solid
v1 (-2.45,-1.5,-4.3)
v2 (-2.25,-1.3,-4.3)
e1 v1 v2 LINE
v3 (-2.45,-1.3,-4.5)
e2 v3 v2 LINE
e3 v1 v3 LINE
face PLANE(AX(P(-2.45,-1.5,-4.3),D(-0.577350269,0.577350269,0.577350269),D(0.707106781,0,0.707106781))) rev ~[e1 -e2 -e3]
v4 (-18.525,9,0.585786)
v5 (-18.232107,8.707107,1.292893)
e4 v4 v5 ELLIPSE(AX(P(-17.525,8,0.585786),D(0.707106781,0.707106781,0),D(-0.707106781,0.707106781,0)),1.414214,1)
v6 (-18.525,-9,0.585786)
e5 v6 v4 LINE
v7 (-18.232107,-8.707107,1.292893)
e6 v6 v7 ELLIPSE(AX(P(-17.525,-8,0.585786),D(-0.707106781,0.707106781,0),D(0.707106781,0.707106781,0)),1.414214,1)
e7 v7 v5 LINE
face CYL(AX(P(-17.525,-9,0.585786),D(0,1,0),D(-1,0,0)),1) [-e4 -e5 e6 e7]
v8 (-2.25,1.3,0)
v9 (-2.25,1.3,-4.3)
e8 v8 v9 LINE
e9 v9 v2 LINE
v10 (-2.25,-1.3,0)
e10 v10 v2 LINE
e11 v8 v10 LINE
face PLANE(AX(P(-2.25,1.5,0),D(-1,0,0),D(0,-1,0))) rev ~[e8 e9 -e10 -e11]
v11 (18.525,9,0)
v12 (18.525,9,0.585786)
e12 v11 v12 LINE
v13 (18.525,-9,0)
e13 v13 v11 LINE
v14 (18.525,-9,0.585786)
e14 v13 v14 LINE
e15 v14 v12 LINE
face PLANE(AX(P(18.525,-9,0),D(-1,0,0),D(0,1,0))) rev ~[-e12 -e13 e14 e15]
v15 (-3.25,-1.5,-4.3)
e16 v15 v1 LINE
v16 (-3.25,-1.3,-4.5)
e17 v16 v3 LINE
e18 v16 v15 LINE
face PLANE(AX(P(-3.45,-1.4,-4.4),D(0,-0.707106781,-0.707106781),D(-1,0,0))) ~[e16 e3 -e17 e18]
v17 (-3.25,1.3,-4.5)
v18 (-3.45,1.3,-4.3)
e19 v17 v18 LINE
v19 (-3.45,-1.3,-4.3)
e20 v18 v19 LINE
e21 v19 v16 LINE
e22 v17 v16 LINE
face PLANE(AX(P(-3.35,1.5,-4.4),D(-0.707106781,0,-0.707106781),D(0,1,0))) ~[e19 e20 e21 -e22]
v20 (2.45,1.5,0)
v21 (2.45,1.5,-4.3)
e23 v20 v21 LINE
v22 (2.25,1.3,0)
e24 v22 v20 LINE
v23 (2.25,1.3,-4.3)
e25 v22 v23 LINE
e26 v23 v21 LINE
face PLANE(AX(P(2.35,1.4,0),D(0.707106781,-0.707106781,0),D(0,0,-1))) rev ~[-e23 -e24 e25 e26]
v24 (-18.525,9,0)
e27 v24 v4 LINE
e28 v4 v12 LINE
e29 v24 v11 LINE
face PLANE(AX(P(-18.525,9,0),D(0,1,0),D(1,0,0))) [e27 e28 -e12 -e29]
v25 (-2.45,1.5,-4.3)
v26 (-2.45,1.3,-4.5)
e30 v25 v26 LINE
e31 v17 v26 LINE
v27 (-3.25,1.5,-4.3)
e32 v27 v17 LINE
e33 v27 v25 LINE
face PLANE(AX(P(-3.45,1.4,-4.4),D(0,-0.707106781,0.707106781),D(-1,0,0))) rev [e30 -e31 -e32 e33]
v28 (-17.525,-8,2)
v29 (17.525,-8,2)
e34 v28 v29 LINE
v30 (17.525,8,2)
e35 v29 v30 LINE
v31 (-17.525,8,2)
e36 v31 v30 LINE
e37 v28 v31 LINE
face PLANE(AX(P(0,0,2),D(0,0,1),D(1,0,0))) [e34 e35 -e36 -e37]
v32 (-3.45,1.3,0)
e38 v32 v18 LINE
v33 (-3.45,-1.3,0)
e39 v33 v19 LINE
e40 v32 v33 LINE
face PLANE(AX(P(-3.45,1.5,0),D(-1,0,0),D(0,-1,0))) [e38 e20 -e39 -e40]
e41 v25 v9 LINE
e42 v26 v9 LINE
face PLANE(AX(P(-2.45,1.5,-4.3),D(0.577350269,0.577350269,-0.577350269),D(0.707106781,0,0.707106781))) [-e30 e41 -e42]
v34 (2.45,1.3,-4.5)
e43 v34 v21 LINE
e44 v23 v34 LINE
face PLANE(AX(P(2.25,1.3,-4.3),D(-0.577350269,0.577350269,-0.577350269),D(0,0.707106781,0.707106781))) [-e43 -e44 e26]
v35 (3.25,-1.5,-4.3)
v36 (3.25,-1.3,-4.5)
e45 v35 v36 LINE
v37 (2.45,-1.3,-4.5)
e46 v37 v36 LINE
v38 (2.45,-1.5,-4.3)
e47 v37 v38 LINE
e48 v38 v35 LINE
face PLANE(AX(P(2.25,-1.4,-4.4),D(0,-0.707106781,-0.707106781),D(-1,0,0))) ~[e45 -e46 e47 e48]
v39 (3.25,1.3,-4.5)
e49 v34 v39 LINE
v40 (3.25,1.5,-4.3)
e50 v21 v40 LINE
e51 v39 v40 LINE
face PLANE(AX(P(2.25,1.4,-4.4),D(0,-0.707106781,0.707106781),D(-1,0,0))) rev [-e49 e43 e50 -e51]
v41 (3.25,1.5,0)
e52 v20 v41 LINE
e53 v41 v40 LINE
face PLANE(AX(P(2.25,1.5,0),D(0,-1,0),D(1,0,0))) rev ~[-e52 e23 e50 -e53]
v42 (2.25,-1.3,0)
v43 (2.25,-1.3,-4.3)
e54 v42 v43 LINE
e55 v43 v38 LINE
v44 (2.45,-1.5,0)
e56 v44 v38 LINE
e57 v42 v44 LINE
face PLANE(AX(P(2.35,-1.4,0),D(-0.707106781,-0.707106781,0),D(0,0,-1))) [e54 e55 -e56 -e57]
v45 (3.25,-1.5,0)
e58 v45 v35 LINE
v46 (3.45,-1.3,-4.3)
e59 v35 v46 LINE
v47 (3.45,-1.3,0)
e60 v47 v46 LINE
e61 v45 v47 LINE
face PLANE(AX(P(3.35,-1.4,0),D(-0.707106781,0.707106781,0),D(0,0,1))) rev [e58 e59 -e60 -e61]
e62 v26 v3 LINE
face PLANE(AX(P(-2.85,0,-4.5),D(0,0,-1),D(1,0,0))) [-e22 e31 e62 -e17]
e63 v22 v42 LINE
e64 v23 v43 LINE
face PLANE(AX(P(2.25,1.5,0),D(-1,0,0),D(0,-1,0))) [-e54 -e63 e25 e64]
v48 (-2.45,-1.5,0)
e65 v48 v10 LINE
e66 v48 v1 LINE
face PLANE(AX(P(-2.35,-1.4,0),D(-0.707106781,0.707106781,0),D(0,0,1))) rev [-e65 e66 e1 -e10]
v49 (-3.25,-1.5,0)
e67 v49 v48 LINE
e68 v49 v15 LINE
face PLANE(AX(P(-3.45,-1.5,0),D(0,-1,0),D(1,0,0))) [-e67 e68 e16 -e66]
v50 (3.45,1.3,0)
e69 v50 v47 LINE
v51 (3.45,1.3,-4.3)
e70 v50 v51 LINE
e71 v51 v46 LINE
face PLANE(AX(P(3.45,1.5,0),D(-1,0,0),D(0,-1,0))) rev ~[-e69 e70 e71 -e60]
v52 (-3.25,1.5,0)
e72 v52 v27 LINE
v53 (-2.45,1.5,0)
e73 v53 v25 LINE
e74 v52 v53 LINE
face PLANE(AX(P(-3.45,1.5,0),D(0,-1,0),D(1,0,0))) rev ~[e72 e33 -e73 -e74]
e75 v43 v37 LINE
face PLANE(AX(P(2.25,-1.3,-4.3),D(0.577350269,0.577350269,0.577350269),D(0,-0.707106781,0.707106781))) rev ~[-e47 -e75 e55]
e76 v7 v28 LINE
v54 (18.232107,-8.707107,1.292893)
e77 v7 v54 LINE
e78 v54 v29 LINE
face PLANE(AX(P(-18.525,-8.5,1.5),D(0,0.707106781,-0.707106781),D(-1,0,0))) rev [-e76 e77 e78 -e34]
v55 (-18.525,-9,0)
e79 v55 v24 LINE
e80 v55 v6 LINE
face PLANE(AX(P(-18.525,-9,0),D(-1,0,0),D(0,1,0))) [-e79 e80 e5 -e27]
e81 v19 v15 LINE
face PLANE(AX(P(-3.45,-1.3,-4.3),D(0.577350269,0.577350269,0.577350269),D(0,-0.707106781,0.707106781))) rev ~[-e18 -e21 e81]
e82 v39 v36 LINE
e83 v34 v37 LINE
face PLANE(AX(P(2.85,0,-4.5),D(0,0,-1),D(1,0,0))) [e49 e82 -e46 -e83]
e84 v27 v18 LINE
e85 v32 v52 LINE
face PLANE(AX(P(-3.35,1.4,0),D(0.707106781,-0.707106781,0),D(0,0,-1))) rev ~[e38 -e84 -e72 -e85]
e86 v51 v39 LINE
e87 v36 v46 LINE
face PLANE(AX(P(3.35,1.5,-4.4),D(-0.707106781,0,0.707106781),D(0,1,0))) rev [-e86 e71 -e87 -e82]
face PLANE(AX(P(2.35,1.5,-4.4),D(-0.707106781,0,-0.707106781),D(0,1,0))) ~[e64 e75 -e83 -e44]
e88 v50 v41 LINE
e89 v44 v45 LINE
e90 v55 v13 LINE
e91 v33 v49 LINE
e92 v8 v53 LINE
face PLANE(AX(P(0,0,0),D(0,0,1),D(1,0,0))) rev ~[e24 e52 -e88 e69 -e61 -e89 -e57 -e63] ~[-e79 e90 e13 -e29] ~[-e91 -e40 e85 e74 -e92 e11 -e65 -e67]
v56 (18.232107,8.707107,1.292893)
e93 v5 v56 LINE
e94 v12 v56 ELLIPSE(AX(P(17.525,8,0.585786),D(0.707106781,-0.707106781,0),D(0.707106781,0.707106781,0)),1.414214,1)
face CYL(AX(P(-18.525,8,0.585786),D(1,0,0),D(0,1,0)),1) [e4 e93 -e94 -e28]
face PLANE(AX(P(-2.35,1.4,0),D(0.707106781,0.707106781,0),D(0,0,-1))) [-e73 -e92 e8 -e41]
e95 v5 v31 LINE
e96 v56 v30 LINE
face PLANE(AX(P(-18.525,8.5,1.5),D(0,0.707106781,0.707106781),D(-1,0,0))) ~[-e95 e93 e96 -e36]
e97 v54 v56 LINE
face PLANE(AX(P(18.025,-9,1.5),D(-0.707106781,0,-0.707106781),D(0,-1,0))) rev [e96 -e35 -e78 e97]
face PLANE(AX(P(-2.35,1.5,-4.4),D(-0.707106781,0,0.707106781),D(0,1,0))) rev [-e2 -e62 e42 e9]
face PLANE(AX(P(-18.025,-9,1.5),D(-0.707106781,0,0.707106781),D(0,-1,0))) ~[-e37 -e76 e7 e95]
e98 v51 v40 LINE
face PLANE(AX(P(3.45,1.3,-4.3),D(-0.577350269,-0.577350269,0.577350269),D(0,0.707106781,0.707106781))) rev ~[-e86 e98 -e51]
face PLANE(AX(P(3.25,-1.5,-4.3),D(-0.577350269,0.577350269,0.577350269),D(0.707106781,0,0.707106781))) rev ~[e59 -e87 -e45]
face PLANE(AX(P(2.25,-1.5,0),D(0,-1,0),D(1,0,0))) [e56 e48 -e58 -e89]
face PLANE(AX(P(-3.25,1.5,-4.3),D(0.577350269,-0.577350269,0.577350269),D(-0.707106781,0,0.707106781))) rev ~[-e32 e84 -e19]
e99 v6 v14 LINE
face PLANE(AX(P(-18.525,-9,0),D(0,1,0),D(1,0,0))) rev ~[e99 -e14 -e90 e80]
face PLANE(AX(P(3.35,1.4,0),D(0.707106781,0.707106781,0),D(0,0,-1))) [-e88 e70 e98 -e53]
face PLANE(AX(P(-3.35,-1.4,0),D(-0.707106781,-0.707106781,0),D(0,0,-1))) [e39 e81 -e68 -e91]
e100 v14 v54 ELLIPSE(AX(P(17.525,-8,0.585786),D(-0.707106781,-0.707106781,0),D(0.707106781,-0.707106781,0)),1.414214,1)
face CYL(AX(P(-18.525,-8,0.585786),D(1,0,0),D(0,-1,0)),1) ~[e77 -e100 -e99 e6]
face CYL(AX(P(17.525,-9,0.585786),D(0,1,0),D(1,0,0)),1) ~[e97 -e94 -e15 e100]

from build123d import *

# Parameters (mm, degrees)
SKETCH_W        = 37.05
SKETCH_H        = 18
PAD_DEPTH       = 2
CHAMFER_SIZE    = 1
FILLET_R        = 1
SKETCH001_W     = 1.2
SKETCH001_H     = 3
PAD001_DEPTH    = 4.5
CHAMFER001_SIZE = 0.2


with BuildPart() as part:
    # Sketch → Pad (new body)
    with BuildSketch(Plane.XY):
        Rectangle(SKETCH_W, SKETCH_H)
    extrude(amount=PAD_DEPTH)

    # Chamfer
    chamfer_edges = [part.edges().sort_by_distance(p)[0] for p in [
        (-18.525, 0, 2),
        (0, 9, 2),
        (18.525, 0, 2),
        (0, -9, 2),
    ]]
    chamfer(chamfer_edges, length=CHAMFER_SIZE)

    # Fillet
    fillet_edges = [part.edges().sort_by_distance(p)[0] for p in [
        (0, -9, 1),
        (18.525, 0, 1),
        (-18.525, 0, 1),
        (0, 9, 1),
    ]]
    fillet(fillet_edges, radius=FILLET_R)

    # Sketch001 (on Face4 of Fillet) → Pad001 (join)
    with BuildSketch(Plane(origin=(0, 0, 0), x_dir=(1, 0, 0), z_dir=(0, 0, -1))):
        with Locations((-2.85, 0)):
            Rectangle(SKETCH001_W, SKETCH001_H)
        with Locations((2.85, 0)):
            Rectangle(SKETCH001_W, SKETCH001_H)
    extrude(amount=PAD001_DEPTH)

    # Chamfer001
    chamfer001_edges = [part.edges().sort_by_distance(p)[0] for p in [
        (2.85, 1.5, -4.5),
        (3.45, 0, -4.5),
        (2.85, -1.5, -4.5),
        (2.25, 0, -4.5),
        (3.45, 1.5, -2.25),
        (2.25, 1.5, -2.25),
        (3.45, -1.5, -2.25),
        (2.25, -1.5, -2.25),
        (-2.25, 0, -4.5),
        (-2.85, -1.5, -4.5),
        (-3.45, 0, -4.5),
        (-2.85, 1.5, -4.5),
        (-2.25, -1.5, -2.25),
        (-3.45, -1.5, -2.25),
        (-3.45, 1.5, -2.25),
        (-2.25, 1.5, -2.25),
    ]]
    chamfer(chamfer001_edges, length=CHAMFER001_SIZE)


solid = part.part
